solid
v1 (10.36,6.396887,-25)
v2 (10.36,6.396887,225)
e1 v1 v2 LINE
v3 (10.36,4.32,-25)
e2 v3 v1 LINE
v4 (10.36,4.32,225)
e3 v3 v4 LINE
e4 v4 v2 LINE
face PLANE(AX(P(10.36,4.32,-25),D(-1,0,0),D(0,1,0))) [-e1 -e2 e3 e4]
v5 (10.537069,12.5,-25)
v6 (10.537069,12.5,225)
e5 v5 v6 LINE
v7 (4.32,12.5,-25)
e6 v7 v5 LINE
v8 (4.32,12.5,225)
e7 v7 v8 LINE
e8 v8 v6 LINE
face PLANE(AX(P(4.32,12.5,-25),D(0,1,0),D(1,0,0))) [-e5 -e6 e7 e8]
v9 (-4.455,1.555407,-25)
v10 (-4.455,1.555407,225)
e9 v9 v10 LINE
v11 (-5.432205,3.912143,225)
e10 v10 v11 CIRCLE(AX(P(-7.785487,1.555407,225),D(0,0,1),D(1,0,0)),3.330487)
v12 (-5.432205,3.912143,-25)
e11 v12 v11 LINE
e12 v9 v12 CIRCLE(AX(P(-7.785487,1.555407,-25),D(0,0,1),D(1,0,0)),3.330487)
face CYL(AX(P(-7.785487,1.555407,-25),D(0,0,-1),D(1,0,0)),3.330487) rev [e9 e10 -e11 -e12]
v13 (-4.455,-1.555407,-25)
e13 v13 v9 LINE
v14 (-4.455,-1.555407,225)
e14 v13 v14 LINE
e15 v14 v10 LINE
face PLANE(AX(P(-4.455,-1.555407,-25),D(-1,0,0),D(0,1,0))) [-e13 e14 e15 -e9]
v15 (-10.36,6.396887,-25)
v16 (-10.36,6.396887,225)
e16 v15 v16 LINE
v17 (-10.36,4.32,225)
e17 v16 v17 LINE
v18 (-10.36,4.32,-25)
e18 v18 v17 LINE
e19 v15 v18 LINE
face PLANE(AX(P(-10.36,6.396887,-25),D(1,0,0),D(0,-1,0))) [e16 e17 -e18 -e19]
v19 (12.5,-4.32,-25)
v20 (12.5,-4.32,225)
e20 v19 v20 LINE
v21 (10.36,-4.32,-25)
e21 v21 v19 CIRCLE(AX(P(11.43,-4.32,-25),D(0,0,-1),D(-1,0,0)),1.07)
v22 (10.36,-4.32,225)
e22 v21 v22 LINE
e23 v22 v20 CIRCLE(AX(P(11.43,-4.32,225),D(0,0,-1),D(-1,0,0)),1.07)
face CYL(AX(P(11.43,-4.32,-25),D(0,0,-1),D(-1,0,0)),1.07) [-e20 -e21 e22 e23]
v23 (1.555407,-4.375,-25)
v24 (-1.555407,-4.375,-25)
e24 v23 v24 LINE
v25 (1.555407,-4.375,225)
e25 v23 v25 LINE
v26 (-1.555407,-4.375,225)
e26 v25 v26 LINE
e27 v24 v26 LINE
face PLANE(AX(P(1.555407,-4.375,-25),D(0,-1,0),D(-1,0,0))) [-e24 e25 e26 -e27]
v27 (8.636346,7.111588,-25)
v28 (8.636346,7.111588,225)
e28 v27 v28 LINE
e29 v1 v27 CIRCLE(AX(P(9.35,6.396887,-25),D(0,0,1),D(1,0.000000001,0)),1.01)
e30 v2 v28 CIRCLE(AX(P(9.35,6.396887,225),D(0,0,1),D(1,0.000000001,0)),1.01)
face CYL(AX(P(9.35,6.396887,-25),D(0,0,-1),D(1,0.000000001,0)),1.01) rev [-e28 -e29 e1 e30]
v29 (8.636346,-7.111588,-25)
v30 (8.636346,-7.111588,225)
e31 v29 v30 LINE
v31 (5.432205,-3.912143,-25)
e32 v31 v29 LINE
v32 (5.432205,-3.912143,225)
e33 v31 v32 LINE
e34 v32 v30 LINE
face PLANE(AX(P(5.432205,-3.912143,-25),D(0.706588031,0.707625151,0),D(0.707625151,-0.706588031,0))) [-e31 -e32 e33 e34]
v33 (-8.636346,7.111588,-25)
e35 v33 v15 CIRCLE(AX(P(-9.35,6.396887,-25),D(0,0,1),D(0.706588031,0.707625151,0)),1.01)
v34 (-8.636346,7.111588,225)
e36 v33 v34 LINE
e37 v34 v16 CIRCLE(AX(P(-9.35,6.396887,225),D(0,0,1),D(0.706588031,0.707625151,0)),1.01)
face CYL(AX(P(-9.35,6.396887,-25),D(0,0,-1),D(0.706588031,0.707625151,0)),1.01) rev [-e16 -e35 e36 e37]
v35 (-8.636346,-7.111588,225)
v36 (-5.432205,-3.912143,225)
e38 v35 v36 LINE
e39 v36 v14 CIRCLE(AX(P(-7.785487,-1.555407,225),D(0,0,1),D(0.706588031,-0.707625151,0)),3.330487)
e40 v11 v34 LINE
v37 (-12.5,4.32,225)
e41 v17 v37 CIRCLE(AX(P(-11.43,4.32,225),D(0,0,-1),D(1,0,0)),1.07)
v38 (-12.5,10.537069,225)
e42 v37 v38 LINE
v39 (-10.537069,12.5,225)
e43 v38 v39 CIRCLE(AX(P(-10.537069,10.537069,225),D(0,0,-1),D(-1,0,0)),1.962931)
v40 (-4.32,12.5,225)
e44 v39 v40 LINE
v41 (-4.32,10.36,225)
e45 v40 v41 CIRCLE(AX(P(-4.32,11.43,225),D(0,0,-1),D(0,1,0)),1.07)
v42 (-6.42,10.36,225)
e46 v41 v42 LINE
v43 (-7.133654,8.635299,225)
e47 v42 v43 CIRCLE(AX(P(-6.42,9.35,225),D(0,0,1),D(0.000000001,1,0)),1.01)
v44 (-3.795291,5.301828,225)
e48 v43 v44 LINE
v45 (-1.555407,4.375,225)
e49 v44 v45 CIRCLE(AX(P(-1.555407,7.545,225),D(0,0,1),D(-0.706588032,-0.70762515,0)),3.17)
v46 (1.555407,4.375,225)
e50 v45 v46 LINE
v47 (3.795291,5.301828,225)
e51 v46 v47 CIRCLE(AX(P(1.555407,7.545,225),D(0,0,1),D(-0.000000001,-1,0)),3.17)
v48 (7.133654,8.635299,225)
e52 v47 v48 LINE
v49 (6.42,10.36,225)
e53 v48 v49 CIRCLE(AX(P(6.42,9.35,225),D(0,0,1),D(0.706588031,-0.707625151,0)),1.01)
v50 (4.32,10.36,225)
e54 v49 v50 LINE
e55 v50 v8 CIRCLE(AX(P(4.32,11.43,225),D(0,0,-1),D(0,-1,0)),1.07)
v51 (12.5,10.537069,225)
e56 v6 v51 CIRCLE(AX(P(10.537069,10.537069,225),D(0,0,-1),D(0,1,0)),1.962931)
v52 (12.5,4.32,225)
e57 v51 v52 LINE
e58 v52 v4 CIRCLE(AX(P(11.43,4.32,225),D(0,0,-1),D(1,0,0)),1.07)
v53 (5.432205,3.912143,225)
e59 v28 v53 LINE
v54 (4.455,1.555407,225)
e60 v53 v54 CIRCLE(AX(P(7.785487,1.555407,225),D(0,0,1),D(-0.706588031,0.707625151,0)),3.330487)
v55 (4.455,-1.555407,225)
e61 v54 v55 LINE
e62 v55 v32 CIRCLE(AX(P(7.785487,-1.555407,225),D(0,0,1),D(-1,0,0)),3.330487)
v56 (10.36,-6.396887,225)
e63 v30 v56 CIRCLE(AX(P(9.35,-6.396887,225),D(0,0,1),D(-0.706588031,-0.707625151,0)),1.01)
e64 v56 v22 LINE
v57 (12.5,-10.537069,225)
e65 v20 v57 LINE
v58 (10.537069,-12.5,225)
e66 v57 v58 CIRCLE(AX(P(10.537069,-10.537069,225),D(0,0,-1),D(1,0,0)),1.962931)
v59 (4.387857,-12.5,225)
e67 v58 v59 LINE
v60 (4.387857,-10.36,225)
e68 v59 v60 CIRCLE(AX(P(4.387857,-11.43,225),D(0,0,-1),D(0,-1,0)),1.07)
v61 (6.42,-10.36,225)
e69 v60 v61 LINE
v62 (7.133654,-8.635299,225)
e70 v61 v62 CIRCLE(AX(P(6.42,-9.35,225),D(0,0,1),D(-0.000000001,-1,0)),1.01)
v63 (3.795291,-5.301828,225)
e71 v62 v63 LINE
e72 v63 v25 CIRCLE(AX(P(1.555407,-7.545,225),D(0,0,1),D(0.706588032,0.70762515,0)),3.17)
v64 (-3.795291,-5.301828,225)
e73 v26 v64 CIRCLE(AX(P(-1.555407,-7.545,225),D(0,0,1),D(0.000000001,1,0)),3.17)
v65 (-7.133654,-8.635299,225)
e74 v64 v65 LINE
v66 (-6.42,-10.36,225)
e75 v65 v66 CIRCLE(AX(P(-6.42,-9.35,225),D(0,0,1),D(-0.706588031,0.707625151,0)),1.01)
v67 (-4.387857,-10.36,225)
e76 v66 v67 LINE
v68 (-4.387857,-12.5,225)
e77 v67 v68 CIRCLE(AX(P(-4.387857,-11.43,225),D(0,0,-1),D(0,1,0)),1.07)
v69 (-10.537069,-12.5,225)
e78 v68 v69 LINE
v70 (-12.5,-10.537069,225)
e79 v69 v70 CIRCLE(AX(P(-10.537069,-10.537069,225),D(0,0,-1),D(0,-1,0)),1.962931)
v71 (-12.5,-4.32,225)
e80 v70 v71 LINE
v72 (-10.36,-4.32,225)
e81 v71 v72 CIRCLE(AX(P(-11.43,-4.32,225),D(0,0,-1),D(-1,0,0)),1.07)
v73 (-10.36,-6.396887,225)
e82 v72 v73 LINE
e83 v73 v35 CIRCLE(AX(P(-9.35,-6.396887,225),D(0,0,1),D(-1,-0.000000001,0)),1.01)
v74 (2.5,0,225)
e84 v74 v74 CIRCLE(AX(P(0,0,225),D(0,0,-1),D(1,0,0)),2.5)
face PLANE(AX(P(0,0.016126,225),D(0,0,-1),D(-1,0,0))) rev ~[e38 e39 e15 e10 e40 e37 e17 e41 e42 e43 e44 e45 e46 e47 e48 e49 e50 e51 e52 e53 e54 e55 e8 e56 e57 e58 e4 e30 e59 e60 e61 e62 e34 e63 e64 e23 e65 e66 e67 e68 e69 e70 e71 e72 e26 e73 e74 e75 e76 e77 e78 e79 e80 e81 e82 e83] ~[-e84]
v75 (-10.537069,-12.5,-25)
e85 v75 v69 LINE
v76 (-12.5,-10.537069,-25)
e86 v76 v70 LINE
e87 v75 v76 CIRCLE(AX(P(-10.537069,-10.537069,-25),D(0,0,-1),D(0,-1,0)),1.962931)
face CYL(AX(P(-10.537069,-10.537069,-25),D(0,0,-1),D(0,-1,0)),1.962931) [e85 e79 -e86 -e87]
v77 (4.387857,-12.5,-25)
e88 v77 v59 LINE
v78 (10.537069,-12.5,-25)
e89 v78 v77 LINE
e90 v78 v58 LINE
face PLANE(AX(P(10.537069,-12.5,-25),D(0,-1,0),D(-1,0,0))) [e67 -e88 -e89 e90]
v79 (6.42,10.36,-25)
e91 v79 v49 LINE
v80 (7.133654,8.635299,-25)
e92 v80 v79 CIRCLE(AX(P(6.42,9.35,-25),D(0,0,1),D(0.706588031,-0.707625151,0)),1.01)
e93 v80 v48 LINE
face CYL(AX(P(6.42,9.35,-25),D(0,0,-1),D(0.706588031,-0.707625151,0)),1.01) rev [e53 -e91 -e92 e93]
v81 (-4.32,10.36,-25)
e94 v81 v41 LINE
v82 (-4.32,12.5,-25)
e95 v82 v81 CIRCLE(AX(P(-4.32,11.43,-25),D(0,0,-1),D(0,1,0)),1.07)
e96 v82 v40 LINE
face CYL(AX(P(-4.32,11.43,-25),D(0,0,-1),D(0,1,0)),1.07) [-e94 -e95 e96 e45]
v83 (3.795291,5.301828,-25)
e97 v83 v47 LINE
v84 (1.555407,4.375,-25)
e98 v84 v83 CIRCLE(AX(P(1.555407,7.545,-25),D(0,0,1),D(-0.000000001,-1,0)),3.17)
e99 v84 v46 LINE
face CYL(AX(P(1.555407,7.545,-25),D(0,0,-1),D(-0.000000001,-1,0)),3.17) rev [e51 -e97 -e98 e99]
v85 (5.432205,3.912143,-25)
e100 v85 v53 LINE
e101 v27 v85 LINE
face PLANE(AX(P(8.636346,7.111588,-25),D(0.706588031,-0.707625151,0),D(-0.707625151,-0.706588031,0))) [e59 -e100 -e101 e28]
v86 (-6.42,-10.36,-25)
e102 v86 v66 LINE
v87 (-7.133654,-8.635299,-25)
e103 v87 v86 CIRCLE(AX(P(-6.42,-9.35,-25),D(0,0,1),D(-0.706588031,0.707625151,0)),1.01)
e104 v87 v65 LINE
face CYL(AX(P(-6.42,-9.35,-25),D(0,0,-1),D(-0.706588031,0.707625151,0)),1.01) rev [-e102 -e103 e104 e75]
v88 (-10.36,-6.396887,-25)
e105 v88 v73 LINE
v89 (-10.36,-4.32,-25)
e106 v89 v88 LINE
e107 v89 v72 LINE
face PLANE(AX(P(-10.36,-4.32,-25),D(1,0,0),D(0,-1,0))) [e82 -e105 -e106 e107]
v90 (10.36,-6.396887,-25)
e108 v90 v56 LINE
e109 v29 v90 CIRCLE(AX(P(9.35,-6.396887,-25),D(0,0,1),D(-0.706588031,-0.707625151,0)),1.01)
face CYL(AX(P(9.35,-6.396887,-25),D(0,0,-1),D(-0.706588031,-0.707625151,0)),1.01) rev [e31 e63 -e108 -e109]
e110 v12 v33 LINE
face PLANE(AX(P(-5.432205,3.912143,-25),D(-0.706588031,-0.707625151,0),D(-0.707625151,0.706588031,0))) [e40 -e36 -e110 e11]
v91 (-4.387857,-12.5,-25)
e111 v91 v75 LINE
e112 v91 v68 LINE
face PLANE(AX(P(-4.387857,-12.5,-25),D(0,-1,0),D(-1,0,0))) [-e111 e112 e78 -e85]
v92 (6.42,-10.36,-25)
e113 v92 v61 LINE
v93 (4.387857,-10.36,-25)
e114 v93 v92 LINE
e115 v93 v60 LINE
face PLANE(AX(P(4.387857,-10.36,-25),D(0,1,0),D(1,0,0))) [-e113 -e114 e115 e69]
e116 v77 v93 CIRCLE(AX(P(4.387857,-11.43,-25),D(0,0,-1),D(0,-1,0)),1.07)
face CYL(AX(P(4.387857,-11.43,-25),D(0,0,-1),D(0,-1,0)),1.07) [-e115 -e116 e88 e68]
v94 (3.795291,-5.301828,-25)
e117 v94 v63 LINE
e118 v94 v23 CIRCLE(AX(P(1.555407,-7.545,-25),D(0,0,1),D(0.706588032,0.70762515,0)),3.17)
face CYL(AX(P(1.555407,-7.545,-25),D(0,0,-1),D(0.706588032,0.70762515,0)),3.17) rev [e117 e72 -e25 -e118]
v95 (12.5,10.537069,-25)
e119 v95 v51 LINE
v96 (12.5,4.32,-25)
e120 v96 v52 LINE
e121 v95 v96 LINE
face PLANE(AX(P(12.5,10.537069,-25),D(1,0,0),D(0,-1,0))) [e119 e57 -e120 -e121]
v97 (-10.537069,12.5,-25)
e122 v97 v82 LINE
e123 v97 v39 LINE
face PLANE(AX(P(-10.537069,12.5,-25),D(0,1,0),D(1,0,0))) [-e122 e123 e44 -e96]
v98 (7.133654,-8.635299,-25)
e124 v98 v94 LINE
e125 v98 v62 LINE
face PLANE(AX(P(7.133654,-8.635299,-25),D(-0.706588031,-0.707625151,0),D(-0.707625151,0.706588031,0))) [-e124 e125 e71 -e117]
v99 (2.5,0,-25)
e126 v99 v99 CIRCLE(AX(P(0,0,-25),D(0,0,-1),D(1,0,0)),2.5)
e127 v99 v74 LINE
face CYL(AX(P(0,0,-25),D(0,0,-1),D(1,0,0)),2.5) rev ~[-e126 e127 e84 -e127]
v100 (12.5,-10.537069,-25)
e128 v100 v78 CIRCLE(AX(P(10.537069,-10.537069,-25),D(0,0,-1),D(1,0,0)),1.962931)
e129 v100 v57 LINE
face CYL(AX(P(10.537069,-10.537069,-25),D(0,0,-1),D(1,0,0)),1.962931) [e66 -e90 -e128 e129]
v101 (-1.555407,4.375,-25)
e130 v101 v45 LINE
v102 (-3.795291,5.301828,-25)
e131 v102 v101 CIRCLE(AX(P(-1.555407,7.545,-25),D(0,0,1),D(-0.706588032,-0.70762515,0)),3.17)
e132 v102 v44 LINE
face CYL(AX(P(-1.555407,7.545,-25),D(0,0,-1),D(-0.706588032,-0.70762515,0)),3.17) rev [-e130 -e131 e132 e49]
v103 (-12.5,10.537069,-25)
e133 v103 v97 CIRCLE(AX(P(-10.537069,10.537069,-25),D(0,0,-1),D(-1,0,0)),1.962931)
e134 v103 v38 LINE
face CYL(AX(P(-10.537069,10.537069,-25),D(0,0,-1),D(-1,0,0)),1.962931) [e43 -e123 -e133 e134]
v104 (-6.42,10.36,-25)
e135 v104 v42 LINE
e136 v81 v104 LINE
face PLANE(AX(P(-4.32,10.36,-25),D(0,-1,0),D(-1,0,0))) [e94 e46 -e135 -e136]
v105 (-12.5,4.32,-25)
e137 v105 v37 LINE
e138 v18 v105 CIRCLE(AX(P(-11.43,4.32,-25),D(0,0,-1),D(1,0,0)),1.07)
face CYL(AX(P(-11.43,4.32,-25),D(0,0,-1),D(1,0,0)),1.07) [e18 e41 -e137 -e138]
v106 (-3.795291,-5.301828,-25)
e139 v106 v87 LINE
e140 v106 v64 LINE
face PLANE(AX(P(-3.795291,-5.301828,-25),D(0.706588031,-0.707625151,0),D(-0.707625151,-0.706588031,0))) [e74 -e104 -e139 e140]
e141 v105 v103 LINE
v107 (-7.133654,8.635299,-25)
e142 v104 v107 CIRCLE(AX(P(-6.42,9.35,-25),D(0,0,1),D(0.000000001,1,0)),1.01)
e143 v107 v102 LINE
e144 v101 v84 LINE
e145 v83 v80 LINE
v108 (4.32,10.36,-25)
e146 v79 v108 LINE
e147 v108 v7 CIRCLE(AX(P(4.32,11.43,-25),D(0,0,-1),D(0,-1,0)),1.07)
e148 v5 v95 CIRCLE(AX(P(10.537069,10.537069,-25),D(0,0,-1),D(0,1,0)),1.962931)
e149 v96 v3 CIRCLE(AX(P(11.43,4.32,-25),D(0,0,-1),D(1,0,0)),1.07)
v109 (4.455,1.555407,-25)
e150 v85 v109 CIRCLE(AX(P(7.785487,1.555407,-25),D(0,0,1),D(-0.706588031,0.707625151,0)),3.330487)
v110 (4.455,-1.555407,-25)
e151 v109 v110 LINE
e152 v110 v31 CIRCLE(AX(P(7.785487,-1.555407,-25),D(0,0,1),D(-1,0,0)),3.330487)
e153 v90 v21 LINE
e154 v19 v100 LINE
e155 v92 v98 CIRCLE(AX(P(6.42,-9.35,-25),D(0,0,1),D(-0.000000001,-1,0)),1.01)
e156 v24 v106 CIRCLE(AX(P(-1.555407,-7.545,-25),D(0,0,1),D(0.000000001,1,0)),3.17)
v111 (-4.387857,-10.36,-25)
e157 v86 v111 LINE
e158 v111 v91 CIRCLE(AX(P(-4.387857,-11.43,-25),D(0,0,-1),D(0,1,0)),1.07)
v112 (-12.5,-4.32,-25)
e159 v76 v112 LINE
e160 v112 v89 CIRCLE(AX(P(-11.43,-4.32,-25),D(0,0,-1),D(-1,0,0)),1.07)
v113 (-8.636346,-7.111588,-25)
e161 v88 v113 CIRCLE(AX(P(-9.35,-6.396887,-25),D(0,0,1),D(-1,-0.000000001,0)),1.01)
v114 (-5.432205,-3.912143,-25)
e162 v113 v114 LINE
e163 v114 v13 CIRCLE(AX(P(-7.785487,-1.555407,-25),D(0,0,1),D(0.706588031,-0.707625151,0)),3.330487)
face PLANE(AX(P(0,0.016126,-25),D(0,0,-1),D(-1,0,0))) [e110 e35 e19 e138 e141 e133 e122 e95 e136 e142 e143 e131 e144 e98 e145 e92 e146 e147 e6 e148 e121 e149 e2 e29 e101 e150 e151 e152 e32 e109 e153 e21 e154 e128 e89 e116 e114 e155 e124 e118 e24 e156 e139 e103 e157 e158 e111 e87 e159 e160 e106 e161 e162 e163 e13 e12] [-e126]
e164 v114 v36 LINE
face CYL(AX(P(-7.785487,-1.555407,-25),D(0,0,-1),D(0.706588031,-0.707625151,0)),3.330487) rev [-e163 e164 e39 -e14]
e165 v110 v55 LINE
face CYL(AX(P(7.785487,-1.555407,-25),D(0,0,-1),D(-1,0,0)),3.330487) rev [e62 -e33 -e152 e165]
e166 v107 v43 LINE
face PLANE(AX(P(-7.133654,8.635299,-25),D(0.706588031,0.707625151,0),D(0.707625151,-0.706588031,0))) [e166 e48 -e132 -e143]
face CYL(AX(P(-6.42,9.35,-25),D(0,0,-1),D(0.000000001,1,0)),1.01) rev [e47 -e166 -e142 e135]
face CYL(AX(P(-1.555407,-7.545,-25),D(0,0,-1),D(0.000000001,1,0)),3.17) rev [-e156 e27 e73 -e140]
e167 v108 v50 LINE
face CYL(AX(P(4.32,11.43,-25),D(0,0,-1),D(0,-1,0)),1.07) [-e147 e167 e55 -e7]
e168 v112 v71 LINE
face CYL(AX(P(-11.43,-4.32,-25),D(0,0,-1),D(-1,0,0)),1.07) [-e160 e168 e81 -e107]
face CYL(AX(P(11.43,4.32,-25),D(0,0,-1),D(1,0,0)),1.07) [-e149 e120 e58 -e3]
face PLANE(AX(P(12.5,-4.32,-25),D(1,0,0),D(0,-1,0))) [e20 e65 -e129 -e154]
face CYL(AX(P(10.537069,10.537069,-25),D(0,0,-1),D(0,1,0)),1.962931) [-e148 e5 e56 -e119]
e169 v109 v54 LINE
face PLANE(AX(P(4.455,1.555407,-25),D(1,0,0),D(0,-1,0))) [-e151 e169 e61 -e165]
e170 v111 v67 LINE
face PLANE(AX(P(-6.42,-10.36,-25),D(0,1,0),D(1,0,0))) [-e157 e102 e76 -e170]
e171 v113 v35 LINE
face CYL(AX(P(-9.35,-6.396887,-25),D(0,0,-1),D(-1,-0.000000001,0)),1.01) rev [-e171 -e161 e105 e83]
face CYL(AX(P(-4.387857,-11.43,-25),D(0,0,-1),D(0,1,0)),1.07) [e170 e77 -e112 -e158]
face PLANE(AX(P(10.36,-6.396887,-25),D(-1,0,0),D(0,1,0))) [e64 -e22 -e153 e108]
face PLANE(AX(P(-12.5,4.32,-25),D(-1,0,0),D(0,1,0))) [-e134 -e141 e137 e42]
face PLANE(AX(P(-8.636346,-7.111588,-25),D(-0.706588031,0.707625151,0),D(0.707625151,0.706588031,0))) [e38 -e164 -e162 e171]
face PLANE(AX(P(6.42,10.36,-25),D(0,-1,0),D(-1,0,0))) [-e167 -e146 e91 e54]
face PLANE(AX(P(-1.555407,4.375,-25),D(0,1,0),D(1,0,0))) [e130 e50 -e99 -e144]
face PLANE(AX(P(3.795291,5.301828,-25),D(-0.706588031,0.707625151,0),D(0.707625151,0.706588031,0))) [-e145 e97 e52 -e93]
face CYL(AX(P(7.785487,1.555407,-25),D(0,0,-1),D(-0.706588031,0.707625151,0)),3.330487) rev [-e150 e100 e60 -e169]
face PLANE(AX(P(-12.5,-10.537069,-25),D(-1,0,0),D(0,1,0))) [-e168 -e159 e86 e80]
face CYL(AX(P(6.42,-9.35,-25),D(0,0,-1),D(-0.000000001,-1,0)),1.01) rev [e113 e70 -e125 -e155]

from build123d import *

# Parameters (mm, degrees)
SKETCH1_R           = 2.5
BOSS_EXTRUDE1_DEPTH = 250


with BuildPart() as part:
    # Sketch1 → Boss-Extrude1 (new body)
    with BuildSketch(Plane(origin=(0, 0, -25), x_dir=(-1, 0, 0), z_dir=(0, 0, -1))):
        with BuildLine():
            Line((12.5, 4.32), (12.5, 10.537068835))
            ThreePointArc((12.5, 10.537068835), (11.925070773, 11.925070773), (10.537068835, 12.5))
            Line((10.537068835, 12.5), (4.32, 12.5))
            ThreePointArc((4.32, 12.5), (3.25, 11.43), (4.32, 10.36))
            Line((4.32, 10.36), (6.42, 10.36))
            ThreePointArc((6.42, 10.36), (7.35325999, 9.736168088), (7.133653911, 8.635298598))
            Line((7.133653911, 8.635298598), (3.795290766, 5.301828272))
            ThreePointArc((3.795290766, 5.301828272), (2.76743922, 4.61585726), (1.555406707, 4.375))
            Line((1.555406707, 4.375), (-1.555406707, 4.375))
            ThreePointArc((-1.555406707, 4.375), (-2.76743922, 4.61585726), (-3.795290766, 5.301828272))
            Line((-3.795290766, 5.301828272), (-7.133653912, 8.635298598))
            ThreePointArc((-7.133653912, 8.635298598), (-7.35325999, 9.736168088), (-6.42, 10.36))
            Line((-6.42, 10.36), (-4.32, 10.36))
            ThreePointArc((-4.32, 10.36), (-3.25, 11.43), (-4.32, 12.5))
            Line((-4.32, 12.5), (-10.537068835, 12.5))
            ThreePointArc((-10.537068835, 12.5), (-11.925070773, 11.925070773), (-12.5, 10.537068835))
            Line((-12.5, 10.537068835), (-12.5, 4.32))
            ThreePointArc((-12.5, 4.32), (-11.43, 3.25), (-10.36, 4.32))
            Line((-10.36, 4.32), (-10.36, 6.396886949))
            ThreePointArc((-10.36, 6.396886949), (-9.736852394, 7.329863489), (-8.636346088, 7.111588351))
            Line((-8.636346088, 7.111588351), (-5.432204773, 3.912143135))
            ThreePointArc((-5.432204773, 3.912143135), (-4.708985779, 2.831057106), (-4.455, 1.555406707))
            Line((-4.455, 1.555406707), (-4.455, -1.555406707))
            ThreePointArc((-4.455, -1.555406707), (-4.708985779, -2.831057106), (-5.432204773, -3.912143135))
            Line((-5.432204773, -3.912143135), (-8.636346088, -7.111588351))
            ThreePointArc((-8.636346088, -7.111588351), (-9.736852394, -7.329863489), (-10.36, -6.396886949))
            Line((-10.36, -6.396886949), (-10.36, -4.32))
            ThreePointArc((-10.36, -4.32), (-11.43, -3.25), (-12.5, -4.32))
            Line((-12.5, -4.32), (-12.5, -10.537068835))
            ThreePointArc((-12.5, -10.537068835), (-11.925070773, -11.925070773), (-10.537068835, -12.5))
            Line((-10.537068835, -12.5), (-4.387856959, -12.5))
            ThreePointArc((-4.387856959, -12.5), (-3.317856959, -11.43), (-4.387856959, -10.36))
            Line((-4.387856959, -10.36), (-6.42, -10.36))
            ThreePointArc((-6.42, -10.36), (-7.35325999, -9.736168088), (-7.133653912, -8.635298598))
            Line((-7.133653912, -8.635298598), (-3.795290766, -5.301828272))
            ThreePointArc((-3.795290766, -5.301828272), (-2.76743922, -4.61585726), (-1.555406707, -4.375))
            Line((-1.555406707, -4.375), (1.555406707, -4.375))
            ThreePointArc((1.555406707, -4.375), (2.76743922, -4.61585726), (3.795290766, -5.301828272))
            Line((3.795290766, -5.301828272), (7.133653912, -8.635298598))
            ThreePointArc((7.133653912, -8.635298598), (7.35325999, -9.736168088), (6.42, -10.36))
            Line((6.42, -10.36), (4.387856959, -10.36))
            ThreePointArc((4.387856959, -10.36), (3.317856959, -11.43), (4.387856959, -12.5))
            Line((4.387856959, -12.5), (10.537068835, -12.5))
            ThreePointArc((10.537068835, -12.5), (11.925070773, -11.925070773), (12.5, -10.537068835))
            Line((12.5, -10.537068835), (12.5, -4.32))
            ThreePointArc((12.5, -4.32), (11.43, -3.25), (10.36, -4.32))
            Line((10.36, -4.32), (10.36, -6.396886949))
            ThreePointArc((10.36, -6.396886949), (9.736852394, -7.329863489), (8.636346088, -7.111588351))
            Line((8.636346088, -7.111588351), (5.432204773, -3.912143135))
            ThreePointArc((5.432204773, -3.912143135), (4.708985779, -2.831057106), (4.455, -1.555406707))
            Line((4.455, -1.555406707), (4.455, 1.555406707))
            ThreePointArc((4.455, 1.555406707), (4.708985779, 2.831057106), (5.432204773, 3.912143135))
            Line((5.432204773, 3.912143135), (8.636346088, 7.111588351))
            ThreePointArc((8.636346088, 7.111588351), (9.736852394, 7.329863489), (10.36, 6.396886949))
            Line((10.36, 6.396886949), (10.36, 4.32))
            ThreePointArc((10.36, 4.32), (11.43, 3.25), (12.5, 4.32))
        make_face()
        with Locations(Location((0, 0, 0), (0, 0, 180))):
            Circle(SKETCH1_R, mode=Mode.SUBTRACT)
    extrude(amount=-BOSS_EXTRUDE1_DEPTH)


solid = part.part
